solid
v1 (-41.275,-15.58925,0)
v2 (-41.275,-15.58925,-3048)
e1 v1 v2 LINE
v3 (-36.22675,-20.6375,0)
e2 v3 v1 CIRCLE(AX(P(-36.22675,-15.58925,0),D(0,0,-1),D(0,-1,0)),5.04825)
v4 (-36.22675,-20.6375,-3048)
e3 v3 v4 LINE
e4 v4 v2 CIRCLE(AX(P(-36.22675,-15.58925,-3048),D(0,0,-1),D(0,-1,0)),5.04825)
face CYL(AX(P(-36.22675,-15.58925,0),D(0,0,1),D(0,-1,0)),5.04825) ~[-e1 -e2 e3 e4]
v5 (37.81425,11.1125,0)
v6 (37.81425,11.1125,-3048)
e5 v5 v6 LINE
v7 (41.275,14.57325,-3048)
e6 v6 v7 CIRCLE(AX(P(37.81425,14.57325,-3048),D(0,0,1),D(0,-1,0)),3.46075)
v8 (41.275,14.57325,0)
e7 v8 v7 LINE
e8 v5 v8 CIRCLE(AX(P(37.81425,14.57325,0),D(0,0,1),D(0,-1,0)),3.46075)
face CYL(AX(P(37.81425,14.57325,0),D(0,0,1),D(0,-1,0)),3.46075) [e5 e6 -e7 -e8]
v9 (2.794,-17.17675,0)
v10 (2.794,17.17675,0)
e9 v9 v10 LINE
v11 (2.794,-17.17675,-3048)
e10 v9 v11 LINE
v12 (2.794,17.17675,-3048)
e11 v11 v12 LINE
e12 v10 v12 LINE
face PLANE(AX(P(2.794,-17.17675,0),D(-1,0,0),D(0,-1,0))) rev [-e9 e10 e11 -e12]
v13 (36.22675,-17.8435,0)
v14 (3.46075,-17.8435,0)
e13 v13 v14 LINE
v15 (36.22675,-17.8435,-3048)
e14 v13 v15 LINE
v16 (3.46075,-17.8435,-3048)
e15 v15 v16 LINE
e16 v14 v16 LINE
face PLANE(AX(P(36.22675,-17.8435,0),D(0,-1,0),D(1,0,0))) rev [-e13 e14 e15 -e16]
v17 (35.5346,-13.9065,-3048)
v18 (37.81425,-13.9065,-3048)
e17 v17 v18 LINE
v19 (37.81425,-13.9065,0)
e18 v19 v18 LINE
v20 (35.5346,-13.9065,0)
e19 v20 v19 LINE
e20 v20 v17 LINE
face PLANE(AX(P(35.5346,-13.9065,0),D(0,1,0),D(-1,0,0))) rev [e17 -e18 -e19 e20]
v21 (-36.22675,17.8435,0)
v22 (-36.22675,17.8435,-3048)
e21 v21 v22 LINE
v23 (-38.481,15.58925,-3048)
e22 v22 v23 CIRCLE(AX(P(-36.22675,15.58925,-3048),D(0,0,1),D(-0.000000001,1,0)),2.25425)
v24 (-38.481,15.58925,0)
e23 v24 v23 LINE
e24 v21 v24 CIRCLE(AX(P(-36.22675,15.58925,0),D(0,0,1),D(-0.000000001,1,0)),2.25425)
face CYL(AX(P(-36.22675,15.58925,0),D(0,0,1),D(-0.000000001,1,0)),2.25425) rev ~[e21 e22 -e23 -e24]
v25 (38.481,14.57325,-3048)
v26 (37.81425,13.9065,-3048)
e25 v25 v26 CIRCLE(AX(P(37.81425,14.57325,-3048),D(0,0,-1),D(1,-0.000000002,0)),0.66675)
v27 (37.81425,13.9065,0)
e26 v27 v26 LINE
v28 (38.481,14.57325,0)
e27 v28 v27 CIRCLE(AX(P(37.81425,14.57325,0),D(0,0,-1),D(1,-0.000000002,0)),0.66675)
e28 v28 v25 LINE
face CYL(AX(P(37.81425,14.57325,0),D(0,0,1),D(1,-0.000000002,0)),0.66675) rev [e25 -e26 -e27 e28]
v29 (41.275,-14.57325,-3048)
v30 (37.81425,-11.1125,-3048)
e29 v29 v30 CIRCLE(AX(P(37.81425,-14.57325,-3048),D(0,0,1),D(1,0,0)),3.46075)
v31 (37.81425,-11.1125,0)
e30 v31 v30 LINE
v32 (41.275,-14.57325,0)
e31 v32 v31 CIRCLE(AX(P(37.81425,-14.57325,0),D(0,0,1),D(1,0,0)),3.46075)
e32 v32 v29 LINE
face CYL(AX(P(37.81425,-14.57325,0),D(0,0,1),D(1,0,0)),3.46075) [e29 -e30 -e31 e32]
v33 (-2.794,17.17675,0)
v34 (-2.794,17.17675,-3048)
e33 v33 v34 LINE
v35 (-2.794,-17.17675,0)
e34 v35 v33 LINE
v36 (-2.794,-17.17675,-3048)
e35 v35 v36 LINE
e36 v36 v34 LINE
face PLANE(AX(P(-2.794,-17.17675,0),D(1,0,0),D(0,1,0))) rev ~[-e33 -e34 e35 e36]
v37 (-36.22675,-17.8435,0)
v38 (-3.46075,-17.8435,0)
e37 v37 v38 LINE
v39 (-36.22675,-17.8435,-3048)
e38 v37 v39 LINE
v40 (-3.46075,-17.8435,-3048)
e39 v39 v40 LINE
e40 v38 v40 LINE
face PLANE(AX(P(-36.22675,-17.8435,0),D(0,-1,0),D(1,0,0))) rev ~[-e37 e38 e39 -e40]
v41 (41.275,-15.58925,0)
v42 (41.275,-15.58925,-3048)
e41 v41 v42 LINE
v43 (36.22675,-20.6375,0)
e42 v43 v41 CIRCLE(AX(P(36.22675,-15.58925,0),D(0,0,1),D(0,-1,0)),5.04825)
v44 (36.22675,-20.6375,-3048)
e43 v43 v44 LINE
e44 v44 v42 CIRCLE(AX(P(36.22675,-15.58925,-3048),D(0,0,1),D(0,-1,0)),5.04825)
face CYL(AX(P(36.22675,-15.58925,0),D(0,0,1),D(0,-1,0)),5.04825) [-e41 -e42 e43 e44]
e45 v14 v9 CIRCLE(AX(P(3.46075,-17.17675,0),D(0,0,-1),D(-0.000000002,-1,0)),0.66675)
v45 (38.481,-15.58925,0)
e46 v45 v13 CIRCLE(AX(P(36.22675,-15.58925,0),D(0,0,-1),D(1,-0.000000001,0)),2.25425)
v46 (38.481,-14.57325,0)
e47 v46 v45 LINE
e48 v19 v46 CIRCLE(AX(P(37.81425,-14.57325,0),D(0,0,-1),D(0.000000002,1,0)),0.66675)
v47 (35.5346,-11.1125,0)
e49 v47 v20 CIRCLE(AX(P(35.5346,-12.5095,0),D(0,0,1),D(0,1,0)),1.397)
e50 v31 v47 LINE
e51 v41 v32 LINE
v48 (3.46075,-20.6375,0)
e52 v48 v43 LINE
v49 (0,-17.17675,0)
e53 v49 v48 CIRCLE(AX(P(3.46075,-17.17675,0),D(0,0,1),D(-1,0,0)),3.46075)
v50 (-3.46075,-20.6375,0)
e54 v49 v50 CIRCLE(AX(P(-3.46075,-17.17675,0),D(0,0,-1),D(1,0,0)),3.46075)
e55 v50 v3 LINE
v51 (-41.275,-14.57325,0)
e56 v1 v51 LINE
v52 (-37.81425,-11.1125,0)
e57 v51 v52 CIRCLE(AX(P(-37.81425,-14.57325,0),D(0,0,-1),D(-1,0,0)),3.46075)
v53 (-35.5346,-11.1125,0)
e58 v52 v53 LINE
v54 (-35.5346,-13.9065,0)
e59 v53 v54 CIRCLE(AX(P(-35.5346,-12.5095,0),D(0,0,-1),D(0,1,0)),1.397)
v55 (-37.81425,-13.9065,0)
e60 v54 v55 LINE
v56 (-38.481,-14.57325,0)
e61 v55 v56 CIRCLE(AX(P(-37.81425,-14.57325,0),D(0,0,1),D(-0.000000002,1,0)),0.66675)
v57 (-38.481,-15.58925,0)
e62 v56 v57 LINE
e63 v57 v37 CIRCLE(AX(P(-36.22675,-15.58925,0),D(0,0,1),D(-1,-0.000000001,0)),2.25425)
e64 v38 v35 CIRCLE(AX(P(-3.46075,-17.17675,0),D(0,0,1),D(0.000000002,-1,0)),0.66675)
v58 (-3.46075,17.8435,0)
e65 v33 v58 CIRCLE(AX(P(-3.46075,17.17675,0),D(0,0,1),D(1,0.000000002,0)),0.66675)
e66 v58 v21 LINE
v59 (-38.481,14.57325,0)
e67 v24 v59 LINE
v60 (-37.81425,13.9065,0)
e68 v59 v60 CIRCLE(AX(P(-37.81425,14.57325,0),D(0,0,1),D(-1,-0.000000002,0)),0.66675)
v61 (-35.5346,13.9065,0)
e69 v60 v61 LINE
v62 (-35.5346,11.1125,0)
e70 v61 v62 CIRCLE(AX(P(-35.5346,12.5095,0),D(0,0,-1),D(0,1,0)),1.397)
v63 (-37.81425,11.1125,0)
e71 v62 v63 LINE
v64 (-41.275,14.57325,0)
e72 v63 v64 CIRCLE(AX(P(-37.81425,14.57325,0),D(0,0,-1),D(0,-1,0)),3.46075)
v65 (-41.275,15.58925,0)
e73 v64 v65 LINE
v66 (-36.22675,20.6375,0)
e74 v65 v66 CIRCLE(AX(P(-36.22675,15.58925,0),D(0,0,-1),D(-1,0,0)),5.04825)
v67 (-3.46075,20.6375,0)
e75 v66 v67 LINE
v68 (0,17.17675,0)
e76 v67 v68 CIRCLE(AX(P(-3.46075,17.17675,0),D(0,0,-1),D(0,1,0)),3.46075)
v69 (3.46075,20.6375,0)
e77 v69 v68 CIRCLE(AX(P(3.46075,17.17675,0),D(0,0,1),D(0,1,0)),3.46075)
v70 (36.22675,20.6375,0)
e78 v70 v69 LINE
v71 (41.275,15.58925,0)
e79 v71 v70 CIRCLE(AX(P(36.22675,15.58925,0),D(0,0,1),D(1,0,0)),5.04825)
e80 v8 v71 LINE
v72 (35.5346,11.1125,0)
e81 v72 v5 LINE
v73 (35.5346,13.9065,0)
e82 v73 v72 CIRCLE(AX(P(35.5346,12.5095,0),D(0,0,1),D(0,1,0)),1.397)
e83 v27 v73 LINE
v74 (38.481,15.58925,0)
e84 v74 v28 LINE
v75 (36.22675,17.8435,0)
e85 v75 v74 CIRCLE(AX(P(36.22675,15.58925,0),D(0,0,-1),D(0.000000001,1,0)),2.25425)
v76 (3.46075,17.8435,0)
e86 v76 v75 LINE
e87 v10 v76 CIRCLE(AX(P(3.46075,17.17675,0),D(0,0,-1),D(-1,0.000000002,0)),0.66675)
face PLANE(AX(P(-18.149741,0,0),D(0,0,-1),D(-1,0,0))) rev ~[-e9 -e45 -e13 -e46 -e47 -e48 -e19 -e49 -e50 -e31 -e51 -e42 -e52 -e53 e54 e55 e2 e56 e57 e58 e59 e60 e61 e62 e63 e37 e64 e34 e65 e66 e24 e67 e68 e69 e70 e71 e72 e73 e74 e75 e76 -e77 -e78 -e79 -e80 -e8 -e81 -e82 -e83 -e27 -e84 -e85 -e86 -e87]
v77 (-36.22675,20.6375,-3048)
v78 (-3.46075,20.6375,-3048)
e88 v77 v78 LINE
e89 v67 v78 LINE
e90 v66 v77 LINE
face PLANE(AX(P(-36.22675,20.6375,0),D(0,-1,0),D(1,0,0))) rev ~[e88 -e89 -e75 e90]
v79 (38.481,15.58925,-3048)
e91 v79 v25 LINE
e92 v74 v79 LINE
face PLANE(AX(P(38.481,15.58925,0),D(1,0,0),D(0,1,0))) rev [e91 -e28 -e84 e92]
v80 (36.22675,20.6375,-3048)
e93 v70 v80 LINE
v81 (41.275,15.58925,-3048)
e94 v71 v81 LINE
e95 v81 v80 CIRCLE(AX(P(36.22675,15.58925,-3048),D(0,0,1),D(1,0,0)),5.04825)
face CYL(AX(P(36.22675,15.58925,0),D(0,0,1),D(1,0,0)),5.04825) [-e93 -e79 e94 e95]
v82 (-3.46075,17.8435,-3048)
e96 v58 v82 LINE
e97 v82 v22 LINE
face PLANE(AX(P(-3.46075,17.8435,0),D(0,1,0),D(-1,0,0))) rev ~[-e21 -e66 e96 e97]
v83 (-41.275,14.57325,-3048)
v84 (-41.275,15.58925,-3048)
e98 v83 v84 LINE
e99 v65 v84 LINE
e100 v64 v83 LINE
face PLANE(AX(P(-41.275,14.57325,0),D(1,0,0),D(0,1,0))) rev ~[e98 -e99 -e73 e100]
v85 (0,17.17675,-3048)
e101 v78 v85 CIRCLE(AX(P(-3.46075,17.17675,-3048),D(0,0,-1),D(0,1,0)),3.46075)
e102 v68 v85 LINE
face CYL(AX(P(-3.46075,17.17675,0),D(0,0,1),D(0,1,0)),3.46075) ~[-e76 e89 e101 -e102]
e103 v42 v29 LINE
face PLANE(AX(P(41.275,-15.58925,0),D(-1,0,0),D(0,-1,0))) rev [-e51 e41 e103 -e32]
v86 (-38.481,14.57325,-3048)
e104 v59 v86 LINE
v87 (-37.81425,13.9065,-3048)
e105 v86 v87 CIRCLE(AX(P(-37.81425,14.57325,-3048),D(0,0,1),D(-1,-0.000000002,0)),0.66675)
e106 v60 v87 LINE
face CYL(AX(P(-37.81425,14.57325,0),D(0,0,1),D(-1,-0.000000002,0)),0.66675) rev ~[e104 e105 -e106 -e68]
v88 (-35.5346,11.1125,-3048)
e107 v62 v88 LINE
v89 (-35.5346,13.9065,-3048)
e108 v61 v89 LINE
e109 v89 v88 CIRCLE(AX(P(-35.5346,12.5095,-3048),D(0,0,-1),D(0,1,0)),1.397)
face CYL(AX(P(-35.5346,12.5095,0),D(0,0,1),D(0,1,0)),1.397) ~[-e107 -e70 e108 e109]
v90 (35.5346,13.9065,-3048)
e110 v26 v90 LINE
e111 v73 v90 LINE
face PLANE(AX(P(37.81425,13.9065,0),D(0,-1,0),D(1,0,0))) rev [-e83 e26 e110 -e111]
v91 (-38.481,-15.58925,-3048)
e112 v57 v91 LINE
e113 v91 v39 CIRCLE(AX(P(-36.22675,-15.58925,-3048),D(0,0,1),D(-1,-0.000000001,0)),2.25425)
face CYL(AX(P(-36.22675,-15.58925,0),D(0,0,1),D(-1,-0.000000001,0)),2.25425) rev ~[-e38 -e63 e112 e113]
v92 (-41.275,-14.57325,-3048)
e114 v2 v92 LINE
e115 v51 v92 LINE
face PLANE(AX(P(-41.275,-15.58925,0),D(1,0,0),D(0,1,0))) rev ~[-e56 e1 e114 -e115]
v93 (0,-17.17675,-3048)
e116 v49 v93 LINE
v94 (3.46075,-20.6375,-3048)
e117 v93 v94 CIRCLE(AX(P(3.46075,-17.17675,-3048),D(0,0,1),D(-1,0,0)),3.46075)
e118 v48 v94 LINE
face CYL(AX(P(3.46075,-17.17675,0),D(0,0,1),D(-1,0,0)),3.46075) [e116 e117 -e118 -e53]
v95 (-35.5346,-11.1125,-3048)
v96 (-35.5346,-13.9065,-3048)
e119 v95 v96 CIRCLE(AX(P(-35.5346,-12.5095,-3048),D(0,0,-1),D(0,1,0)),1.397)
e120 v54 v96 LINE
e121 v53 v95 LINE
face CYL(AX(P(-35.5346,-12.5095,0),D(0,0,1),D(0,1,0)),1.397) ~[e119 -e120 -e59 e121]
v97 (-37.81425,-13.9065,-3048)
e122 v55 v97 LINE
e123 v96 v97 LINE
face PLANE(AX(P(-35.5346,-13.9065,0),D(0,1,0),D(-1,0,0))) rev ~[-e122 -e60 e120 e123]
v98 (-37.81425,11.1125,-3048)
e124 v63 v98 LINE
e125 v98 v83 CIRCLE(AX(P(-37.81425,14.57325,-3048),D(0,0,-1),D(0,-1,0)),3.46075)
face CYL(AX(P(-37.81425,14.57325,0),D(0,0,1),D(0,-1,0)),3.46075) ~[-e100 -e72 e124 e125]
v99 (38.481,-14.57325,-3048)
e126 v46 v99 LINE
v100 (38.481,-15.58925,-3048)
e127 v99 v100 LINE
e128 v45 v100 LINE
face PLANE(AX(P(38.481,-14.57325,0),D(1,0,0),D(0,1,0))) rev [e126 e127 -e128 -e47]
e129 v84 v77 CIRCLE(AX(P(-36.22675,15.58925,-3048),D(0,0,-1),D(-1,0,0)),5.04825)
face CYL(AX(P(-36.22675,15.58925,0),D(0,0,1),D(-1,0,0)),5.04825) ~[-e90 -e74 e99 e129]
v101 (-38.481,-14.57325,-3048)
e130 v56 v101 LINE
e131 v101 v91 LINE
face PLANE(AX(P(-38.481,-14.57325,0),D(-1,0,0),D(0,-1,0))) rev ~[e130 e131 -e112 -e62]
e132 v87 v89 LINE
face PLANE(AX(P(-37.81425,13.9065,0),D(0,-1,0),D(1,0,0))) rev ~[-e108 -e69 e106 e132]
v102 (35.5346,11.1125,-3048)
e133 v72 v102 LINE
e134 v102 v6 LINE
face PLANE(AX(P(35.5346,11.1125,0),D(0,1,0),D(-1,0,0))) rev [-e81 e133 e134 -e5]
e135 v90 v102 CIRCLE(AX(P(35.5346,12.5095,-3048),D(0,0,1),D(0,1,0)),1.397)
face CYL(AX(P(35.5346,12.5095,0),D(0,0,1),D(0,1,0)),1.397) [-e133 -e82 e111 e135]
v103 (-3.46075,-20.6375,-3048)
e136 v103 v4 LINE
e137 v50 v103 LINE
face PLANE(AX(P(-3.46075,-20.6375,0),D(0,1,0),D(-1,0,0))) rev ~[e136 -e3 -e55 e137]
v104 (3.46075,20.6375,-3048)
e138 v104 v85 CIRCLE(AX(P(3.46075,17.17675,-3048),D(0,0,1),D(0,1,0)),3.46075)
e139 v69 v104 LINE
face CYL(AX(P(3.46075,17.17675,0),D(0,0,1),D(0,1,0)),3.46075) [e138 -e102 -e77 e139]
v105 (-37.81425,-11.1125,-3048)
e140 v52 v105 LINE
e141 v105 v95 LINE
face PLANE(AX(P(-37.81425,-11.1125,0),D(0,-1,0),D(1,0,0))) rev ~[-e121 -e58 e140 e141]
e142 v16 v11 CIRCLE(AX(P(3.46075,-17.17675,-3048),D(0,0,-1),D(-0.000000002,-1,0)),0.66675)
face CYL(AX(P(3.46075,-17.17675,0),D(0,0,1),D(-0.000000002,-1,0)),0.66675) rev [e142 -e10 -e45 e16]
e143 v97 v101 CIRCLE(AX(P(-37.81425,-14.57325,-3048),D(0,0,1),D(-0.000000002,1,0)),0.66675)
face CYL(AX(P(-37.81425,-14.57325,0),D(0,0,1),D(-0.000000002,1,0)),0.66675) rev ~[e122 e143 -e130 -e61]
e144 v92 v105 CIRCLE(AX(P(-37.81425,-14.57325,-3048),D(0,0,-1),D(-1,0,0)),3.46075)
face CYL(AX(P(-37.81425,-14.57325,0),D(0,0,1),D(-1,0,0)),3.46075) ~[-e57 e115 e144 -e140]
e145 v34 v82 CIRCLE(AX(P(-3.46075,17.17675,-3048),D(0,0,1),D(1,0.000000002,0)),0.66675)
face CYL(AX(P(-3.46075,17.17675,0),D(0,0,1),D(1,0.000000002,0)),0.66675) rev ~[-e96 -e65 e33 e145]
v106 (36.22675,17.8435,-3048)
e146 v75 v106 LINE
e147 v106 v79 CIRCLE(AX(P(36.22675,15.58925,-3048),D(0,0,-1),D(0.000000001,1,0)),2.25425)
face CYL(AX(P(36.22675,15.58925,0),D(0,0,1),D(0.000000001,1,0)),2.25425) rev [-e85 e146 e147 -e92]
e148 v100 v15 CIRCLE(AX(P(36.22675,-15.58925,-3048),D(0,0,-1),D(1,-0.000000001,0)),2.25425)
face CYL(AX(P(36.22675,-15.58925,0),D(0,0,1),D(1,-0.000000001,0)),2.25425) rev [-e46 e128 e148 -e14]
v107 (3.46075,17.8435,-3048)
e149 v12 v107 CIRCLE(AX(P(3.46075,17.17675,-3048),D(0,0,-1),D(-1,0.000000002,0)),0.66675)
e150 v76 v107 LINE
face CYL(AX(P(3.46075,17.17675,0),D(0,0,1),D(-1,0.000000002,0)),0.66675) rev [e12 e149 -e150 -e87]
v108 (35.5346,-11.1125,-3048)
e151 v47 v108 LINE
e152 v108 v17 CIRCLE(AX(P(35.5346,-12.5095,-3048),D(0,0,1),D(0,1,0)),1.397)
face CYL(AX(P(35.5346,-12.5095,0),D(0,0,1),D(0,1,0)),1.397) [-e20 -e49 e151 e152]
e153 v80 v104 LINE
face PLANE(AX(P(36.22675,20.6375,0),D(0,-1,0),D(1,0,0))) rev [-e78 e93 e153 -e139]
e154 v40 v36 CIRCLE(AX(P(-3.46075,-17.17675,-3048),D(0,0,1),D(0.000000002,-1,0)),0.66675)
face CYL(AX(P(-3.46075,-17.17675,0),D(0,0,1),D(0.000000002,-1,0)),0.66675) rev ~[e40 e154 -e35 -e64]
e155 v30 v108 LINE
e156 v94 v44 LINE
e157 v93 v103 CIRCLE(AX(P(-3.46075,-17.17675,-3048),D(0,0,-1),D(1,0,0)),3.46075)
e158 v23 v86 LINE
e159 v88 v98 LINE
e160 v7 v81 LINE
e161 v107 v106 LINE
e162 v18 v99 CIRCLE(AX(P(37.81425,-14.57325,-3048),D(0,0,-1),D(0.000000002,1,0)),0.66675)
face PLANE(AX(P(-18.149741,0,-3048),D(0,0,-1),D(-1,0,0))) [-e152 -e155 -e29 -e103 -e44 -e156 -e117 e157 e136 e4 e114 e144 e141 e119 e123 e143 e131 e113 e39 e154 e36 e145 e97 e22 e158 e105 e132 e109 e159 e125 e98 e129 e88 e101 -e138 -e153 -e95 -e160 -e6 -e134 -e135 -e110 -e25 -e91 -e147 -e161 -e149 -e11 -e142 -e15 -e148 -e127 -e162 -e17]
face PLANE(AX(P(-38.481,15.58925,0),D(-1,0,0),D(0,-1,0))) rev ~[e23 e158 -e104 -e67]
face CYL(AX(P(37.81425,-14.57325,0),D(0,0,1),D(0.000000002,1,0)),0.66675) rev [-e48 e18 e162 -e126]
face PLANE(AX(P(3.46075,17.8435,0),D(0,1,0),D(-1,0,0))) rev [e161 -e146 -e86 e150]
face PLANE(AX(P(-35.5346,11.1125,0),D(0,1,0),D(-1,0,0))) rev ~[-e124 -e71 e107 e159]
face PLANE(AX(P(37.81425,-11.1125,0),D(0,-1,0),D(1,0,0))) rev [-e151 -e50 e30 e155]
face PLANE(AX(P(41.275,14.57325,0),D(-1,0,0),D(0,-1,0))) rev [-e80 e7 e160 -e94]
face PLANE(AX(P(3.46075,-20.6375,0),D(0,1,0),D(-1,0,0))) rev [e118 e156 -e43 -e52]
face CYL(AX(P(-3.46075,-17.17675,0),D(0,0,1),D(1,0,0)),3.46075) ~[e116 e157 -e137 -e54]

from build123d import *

# Parameters (mm, degrees)
BOSS_EXTRUDE1_DEPTH = 3048


with BuildPart() as part:
    # Sketch1 → Boss-Extrude1 (new body)
    with BuildSketch(Plane.XY):
        with BuildLine():
            Line((-36.22675, 20.6375), (-3.46075, 20.6375))
            ThreePointArc((-3.46075, 20.6375), (-1.013630207, 19.623869793), (0, 17.17675))
            Line((0, 17.17675), (0, -17.17675))
            ThreePointArc((0, -17.17675), (-1.013630207, -19.623869793), (-3.46075, -20.6375))
            Line((-3.46075, -20.6375), (-36.22675, -20.6375))
            ThreePointArc((-36.22675, -20.6375), (-39.796401808, -19.158901808), (-41.275, -15.58925))
            Line((-41.275, -15.58925), (-41.275, -14.57325))
            ThreePointArc((-41.275, -14.57325), (-40.261369793, -12.126130207), (-37.81425, -11.1125))
            Line((-37.81425, -11.1125), (-35.5346, -11.1125))
            ThreePointArc((-35.5346, -11.1125), (-34.1376, -12.5095), (-35.5346, -13.9065))
            Line((-35.5346, -13.9065), (-37.81425, -13.9065))
            ThreePointArc((-37.81425, -13.9065), (-38.285713446, -14.101786554), (-38.481, -14.57325))
            Line((-38.481, -14.57325), (-38.481, -15.58925))
            ThreePointArc((-38.481, -15.58925), (-37.820745461, -17.183245461), (-36.22675, -17.8435))
            Line((-36.22675, -17.8435), (-3.46075, -17.8435))
            ThreePointArc((-3.46075, -17.8435), (-2.989286554, -17.648213446), (-2.794, -17.17675))
            Line((-2.794, -17.17675), (-2.794, 17.17675))
            ThreePointArc((-2.794, 17.17675), (-2.989286554, 17.648213446), (-3.46075, 17.8435))
            Line((-3.46075, 17.8435), (-36.22675, 17.8435))
            ThreePointArc((-36.22675, 17.8435), (-37.820745461, 17.183245461), (-38.481, 15.58925))
            Line((-38.481, 15.58925), (-38.481, 14.57325))
            ThreePointArc((-38.481, 14.57325), (-38.285713446, 14.101786554), (-37.81425, 13.9065))
            Line((-37.81425, 13.9065), (-35.5346, 13.9065))
            ThreePointArc((-35.5346, 13.9065), (-34.1376, 12.5095), (-35.5346, 11.1125))
            Line((-35.5346, 11.1125), (-37.81425, 11.1125))
            ThreePointArc((-37.81425, 11.1125), (-40.261369793, 12.126130207), (-41.275, 14.57325))
            Line((-41.275, 14.57325), (-41.275, 15.58925))
            ThreePointArc((-41.275, 15.58925), (-39.796401808, 19.158901808), (-36.22675, 20.6375))
        make_face()
    extrude(amount=-BOSS_EXTRUDE1_DEPTH)


with BuildPart() as body_2:
    # Mirror1: mirrored copy
    add(part.part.mirror(Plane(origin=(0, 17.17675, -3048), x_dir=(0, 0, 1), z_dir=(1, 0, 0))))

    # Combine1: union part
    add(part.part)


solid = body_2.part
